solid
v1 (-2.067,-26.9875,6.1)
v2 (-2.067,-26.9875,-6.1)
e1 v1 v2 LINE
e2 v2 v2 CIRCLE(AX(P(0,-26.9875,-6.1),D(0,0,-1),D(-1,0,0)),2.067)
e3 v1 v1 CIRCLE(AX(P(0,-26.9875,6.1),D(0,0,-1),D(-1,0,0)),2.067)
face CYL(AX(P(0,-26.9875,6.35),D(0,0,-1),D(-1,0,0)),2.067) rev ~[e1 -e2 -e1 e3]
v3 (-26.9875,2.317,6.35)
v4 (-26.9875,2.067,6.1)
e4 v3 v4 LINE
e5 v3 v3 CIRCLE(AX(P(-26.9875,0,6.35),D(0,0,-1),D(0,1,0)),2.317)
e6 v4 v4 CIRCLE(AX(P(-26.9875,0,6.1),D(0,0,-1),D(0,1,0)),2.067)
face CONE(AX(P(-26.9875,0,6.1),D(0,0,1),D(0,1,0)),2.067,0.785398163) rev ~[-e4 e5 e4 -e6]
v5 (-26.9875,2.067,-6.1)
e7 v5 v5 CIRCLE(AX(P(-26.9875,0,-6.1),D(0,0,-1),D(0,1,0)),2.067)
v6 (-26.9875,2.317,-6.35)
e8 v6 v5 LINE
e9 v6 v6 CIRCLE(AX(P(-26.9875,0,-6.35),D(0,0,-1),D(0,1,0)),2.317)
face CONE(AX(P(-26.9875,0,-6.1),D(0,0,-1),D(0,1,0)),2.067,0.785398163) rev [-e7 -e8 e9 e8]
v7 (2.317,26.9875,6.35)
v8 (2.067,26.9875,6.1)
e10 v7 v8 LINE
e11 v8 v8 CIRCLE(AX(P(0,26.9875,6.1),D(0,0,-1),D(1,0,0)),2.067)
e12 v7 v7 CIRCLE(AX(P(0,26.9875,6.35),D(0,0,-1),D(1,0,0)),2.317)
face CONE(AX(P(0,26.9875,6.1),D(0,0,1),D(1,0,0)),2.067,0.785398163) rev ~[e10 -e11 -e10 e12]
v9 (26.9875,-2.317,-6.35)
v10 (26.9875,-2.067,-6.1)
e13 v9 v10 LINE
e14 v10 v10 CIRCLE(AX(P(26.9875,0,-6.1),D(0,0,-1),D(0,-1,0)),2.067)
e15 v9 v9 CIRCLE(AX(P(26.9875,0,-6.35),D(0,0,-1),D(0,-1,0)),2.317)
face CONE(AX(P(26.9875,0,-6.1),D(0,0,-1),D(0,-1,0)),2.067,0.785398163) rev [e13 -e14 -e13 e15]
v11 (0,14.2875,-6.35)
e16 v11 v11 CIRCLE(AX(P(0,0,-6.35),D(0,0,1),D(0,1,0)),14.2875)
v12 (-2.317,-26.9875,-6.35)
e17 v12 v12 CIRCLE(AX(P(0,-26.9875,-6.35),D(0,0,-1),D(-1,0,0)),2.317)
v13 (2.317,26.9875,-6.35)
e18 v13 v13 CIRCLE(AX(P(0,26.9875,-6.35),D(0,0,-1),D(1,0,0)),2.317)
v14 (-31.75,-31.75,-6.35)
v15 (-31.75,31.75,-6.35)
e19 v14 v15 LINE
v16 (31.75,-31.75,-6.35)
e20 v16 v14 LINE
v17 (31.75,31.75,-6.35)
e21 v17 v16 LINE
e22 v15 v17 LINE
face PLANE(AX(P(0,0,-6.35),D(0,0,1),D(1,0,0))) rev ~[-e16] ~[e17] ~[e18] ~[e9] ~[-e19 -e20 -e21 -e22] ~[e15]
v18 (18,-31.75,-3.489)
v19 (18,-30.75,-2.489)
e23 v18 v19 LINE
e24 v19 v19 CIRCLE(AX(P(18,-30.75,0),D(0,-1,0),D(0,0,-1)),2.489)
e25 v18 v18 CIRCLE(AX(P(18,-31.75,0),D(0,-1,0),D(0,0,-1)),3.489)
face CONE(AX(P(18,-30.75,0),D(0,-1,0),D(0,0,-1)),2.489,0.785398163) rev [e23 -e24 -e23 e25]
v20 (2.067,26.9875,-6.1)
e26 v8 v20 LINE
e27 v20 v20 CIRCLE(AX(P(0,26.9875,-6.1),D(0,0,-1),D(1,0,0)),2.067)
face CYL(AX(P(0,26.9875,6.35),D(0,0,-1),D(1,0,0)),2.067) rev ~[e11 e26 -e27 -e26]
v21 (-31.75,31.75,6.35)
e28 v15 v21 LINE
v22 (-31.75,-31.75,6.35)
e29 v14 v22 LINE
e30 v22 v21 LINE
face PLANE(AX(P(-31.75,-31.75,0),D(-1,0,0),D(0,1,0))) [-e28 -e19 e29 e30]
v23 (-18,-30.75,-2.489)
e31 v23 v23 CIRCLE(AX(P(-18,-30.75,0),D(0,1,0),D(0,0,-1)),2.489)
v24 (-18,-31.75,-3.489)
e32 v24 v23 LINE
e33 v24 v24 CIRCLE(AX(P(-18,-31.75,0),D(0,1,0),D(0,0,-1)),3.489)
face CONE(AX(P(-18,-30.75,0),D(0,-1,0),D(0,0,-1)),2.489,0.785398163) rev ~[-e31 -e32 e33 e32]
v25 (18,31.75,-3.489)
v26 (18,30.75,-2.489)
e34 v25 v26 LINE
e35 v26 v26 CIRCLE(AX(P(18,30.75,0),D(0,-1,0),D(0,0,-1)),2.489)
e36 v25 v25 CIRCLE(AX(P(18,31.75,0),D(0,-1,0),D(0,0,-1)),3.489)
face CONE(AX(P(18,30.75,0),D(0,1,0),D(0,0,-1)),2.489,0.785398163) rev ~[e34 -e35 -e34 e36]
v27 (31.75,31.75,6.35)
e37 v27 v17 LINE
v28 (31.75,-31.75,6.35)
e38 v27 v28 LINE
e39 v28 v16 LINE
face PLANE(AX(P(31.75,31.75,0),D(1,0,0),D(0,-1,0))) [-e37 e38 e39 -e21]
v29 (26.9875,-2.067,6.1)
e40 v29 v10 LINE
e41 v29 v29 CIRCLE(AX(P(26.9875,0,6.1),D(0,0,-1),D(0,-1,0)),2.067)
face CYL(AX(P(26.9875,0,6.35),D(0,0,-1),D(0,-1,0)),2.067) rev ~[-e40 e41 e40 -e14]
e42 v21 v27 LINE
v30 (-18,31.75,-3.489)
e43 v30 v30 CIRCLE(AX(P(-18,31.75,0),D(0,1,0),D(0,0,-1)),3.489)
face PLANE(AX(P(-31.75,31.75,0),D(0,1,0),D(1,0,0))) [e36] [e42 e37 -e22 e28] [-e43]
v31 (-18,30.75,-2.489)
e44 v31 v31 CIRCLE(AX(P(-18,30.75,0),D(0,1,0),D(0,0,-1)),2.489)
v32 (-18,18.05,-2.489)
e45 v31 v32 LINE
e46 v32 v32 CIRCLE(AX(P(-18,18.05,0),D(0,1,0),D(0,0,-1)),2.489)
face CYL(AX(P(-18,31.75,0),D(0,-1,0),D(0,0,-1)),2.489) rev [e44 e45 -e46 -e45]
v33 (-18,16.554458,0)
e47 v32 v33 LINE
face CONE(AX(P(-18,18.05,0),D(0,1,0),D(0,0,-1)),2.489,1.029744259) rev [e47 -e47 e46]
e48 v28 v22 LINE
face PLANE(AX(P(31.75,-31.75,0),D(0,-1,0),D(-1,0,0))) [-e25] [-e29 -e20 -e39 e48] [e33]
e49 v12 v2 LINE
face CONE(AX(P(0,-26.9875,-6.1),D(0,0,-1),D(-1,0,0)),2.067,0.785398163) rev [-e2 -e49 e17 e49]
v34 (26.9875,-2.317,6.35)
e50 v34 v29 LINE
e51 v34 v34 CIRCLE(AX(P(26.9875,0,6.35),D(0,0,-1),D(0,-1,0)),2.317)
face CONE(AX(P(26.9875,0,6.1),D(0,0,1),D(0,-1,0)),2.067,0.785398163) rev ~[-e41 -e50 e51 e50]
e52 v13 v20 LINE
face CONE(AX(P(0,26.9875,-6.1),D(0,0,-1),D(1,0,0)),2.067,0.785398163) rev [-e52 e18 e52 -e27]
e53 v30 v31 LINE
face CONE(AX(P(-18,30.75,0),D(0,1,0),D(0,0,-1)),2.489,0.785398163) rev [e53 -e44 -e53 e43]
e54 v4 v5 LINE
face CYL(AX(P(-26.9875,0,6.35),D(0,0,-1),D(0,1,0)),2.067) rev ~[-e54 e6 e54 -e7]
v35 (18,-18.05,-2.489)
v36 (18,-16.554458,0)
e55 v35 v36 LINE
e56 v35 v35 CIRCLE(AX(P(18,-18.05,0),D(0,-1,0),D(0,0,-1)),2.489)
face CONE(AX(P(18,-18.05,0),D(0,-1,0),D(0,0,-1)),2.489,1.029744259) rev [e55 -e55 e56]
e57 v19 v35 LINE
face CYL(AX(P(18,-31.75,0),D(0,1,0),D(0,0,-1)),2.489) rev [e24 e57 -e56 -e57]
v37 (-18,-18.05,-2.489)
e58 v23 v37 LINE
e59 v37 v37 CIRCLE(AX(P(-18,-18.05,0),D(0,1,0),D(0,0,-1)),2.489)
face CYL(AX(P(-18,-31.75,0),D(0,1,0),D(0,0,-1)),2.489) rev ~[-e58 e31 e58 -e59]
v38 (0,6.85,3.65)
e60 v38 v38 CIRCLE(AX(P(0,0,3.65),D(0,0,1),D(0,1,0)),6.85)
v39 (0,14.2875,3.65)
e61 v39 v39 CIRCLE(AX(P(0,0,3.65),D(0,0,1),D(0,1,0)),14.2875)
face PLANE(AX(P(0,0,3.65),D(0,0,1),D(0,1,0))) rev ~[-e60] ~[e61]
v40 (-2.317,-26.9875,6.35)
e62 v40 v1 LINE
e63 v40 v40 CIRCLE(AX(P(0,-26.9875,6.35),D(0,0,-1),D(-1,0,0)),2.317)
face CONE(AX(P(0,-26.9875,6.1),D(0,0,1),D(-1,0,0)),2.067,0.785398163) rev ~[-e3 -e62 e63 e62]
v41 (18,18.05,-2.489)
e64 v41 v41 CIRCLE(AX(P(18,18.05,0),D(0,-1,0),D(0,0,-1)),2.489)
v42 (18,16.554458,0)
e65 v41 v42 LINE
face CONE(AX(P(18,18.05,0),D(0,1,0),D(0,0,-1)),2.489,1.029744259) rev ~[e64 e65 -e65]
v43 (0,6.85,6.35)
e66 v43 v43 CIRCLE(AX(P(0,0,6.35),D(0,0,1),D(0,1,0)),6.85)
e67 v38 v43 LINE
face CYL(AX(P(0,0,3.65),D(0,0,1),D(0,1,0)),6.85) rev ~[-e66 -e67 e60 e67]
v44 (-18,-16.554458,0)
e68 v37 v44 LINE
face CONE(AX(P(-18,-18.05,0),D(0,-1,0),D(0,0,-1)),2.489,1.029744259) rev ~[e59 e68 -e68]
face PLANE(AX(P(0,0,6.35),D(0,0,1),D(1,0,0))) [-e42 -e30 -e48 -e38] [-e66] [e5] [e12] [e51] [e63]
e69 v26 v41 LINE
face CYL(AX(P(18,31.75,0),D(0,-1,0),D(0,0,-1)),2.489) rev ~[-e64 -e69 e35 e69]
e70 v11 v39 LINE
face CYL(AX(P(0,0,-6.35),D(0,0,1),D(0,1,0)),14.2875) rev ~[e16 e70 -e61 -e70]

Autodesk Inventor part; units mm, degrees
ref_plane "YZ Plane" through (0, 0, 0) normal (1, 0, 0) x (0, 1, 0)
ref_plane "XZ Plane" through (0, 0, 0) normal (0, 1, 0) x (-1, 0, 0)
ref_plane "XY Plane" through (0, 0, 0) normal (0, 0, 1) x (1, 0, 0)
sketch "Sketch1" plane through (0, 0, 0) normal (0, 0, 1) x (1, 0, 0)
  line L0 (-31.75, 31.75) -> (31.75, 31.75)
  line L1 (31.75, 31.75) -> (31.75, -31.75)
  line L2 (31.75, -31.75) -> (-31.75, -31.75)
  line L3 (-31.75, -31.75) -> (-31.75, 31.75)
  line L4 (0, 0) -> (0, 31.75) construction
  line L5 (0, 0) -> (0, -31.75) construction
  line L6 (0, 0) -> (31.75, 0) construction
  line L7 (0, 0) -> (-31.75, 0) construction
  dimension "d0" = 63.5
  dimension "d1" = 63.5
extrude "Extrusion1" add sketch "Sketch1" along normal mid plane 12.7
sketch "Sketch9" plane through (-31.75, -31.75, 6.35) normal (0, -1, 0) x (1, 0, 0)
  line L0 (63.5, 0) -> (0, 0) projected
  line L1 (0, 0) -> (0, -12.7) projected
  line L2 (0, -12.7) -> (63.5, -12.7) projected
  line L3 (63.5, 0) -> (63.5, -12.7) projected
  line L4 (0, -6.35) -> (63.5, -6.35) construction
  line L5 (31.75, 0) -> (31.75, -12.7) construction
  point P0 (13.75, -6.35)
  dimension "d37" = 18
hole "Hole3" at (-18, -31.75, 0) direction (0, 1, 0) diameter 4.978 depth 13.7 tip angle 118 thread size "1/4-20 UNC" class "1B" standard "ANSI Unified Screw Threads"
mirror "Mirror1" about plane through (0, 0, 0) normal (1, 0, 0) of "Hole3"
mirror "Mirror2" about plane through (0, 0, 0) normal (0, 1, 0) of "Hole3", "Mirror1"
chamfer "Chamfer2" distance 1 angle 45 4 edges at (-18, -31.75, 2.489) (18, -31.75, 2.489) (-18, 31.75, 2.489) (18, 31.75, 2.489)
sketch "Sketch12" plane through (0, 0, -6.35) normal (0, 0, -1) x (-1, 0, 0)
  point P0 (0, 0)
  point P1 (0, 0)
hole "Hole6" at (0, 0, -6.35) direction (0, 0, 1) diameter 13.7 end through all counterbore diameter 28.575 counterbore depth 10
sketch "Sketch11" plane through (0, 0, 6.35) normal (0, 0, 1) x (1, 0, 0)
  circle A0 centre (0, 0) radius 6.85 projected
  line L0 (31.75, 31.75) -> (31.75, -31.75) projected
  line L1 (0, 0) -> (31.75, 0) construction
  point P0 (26.9875, 0)
  dimension "d82" = 26.9875
hole "Hole5" at (26.9875, 0, 6.35) direction (0, 0, -1) diameter 4.134 end through all thread size "M5x0.8" class "6H" standard "ANSI Metric M Profile"
pattern_circular "Circular Pattern4" count 4 over 360 about axis through (0, 0, 84.3461) along (0, 0, -1) of "Hole5"
chamfer "Chamfer3" distance 0.25 angle 45 8 edges at (26.9875, 2.067, 6.35) (2.067, -26.9875, -6.35) (-26.9875, -2.067, -6.35) (-2.067, 26.9875, -6.35) (26.9875, 2.067, -6.35) (-2.067, 26.9875, 6.35) (-26.9875, -2.067, 6.35) (2.067, -26.9875, 6.35)
properties part number "BB2-FrontPlate" material "Aluminum-6061-AHC"
